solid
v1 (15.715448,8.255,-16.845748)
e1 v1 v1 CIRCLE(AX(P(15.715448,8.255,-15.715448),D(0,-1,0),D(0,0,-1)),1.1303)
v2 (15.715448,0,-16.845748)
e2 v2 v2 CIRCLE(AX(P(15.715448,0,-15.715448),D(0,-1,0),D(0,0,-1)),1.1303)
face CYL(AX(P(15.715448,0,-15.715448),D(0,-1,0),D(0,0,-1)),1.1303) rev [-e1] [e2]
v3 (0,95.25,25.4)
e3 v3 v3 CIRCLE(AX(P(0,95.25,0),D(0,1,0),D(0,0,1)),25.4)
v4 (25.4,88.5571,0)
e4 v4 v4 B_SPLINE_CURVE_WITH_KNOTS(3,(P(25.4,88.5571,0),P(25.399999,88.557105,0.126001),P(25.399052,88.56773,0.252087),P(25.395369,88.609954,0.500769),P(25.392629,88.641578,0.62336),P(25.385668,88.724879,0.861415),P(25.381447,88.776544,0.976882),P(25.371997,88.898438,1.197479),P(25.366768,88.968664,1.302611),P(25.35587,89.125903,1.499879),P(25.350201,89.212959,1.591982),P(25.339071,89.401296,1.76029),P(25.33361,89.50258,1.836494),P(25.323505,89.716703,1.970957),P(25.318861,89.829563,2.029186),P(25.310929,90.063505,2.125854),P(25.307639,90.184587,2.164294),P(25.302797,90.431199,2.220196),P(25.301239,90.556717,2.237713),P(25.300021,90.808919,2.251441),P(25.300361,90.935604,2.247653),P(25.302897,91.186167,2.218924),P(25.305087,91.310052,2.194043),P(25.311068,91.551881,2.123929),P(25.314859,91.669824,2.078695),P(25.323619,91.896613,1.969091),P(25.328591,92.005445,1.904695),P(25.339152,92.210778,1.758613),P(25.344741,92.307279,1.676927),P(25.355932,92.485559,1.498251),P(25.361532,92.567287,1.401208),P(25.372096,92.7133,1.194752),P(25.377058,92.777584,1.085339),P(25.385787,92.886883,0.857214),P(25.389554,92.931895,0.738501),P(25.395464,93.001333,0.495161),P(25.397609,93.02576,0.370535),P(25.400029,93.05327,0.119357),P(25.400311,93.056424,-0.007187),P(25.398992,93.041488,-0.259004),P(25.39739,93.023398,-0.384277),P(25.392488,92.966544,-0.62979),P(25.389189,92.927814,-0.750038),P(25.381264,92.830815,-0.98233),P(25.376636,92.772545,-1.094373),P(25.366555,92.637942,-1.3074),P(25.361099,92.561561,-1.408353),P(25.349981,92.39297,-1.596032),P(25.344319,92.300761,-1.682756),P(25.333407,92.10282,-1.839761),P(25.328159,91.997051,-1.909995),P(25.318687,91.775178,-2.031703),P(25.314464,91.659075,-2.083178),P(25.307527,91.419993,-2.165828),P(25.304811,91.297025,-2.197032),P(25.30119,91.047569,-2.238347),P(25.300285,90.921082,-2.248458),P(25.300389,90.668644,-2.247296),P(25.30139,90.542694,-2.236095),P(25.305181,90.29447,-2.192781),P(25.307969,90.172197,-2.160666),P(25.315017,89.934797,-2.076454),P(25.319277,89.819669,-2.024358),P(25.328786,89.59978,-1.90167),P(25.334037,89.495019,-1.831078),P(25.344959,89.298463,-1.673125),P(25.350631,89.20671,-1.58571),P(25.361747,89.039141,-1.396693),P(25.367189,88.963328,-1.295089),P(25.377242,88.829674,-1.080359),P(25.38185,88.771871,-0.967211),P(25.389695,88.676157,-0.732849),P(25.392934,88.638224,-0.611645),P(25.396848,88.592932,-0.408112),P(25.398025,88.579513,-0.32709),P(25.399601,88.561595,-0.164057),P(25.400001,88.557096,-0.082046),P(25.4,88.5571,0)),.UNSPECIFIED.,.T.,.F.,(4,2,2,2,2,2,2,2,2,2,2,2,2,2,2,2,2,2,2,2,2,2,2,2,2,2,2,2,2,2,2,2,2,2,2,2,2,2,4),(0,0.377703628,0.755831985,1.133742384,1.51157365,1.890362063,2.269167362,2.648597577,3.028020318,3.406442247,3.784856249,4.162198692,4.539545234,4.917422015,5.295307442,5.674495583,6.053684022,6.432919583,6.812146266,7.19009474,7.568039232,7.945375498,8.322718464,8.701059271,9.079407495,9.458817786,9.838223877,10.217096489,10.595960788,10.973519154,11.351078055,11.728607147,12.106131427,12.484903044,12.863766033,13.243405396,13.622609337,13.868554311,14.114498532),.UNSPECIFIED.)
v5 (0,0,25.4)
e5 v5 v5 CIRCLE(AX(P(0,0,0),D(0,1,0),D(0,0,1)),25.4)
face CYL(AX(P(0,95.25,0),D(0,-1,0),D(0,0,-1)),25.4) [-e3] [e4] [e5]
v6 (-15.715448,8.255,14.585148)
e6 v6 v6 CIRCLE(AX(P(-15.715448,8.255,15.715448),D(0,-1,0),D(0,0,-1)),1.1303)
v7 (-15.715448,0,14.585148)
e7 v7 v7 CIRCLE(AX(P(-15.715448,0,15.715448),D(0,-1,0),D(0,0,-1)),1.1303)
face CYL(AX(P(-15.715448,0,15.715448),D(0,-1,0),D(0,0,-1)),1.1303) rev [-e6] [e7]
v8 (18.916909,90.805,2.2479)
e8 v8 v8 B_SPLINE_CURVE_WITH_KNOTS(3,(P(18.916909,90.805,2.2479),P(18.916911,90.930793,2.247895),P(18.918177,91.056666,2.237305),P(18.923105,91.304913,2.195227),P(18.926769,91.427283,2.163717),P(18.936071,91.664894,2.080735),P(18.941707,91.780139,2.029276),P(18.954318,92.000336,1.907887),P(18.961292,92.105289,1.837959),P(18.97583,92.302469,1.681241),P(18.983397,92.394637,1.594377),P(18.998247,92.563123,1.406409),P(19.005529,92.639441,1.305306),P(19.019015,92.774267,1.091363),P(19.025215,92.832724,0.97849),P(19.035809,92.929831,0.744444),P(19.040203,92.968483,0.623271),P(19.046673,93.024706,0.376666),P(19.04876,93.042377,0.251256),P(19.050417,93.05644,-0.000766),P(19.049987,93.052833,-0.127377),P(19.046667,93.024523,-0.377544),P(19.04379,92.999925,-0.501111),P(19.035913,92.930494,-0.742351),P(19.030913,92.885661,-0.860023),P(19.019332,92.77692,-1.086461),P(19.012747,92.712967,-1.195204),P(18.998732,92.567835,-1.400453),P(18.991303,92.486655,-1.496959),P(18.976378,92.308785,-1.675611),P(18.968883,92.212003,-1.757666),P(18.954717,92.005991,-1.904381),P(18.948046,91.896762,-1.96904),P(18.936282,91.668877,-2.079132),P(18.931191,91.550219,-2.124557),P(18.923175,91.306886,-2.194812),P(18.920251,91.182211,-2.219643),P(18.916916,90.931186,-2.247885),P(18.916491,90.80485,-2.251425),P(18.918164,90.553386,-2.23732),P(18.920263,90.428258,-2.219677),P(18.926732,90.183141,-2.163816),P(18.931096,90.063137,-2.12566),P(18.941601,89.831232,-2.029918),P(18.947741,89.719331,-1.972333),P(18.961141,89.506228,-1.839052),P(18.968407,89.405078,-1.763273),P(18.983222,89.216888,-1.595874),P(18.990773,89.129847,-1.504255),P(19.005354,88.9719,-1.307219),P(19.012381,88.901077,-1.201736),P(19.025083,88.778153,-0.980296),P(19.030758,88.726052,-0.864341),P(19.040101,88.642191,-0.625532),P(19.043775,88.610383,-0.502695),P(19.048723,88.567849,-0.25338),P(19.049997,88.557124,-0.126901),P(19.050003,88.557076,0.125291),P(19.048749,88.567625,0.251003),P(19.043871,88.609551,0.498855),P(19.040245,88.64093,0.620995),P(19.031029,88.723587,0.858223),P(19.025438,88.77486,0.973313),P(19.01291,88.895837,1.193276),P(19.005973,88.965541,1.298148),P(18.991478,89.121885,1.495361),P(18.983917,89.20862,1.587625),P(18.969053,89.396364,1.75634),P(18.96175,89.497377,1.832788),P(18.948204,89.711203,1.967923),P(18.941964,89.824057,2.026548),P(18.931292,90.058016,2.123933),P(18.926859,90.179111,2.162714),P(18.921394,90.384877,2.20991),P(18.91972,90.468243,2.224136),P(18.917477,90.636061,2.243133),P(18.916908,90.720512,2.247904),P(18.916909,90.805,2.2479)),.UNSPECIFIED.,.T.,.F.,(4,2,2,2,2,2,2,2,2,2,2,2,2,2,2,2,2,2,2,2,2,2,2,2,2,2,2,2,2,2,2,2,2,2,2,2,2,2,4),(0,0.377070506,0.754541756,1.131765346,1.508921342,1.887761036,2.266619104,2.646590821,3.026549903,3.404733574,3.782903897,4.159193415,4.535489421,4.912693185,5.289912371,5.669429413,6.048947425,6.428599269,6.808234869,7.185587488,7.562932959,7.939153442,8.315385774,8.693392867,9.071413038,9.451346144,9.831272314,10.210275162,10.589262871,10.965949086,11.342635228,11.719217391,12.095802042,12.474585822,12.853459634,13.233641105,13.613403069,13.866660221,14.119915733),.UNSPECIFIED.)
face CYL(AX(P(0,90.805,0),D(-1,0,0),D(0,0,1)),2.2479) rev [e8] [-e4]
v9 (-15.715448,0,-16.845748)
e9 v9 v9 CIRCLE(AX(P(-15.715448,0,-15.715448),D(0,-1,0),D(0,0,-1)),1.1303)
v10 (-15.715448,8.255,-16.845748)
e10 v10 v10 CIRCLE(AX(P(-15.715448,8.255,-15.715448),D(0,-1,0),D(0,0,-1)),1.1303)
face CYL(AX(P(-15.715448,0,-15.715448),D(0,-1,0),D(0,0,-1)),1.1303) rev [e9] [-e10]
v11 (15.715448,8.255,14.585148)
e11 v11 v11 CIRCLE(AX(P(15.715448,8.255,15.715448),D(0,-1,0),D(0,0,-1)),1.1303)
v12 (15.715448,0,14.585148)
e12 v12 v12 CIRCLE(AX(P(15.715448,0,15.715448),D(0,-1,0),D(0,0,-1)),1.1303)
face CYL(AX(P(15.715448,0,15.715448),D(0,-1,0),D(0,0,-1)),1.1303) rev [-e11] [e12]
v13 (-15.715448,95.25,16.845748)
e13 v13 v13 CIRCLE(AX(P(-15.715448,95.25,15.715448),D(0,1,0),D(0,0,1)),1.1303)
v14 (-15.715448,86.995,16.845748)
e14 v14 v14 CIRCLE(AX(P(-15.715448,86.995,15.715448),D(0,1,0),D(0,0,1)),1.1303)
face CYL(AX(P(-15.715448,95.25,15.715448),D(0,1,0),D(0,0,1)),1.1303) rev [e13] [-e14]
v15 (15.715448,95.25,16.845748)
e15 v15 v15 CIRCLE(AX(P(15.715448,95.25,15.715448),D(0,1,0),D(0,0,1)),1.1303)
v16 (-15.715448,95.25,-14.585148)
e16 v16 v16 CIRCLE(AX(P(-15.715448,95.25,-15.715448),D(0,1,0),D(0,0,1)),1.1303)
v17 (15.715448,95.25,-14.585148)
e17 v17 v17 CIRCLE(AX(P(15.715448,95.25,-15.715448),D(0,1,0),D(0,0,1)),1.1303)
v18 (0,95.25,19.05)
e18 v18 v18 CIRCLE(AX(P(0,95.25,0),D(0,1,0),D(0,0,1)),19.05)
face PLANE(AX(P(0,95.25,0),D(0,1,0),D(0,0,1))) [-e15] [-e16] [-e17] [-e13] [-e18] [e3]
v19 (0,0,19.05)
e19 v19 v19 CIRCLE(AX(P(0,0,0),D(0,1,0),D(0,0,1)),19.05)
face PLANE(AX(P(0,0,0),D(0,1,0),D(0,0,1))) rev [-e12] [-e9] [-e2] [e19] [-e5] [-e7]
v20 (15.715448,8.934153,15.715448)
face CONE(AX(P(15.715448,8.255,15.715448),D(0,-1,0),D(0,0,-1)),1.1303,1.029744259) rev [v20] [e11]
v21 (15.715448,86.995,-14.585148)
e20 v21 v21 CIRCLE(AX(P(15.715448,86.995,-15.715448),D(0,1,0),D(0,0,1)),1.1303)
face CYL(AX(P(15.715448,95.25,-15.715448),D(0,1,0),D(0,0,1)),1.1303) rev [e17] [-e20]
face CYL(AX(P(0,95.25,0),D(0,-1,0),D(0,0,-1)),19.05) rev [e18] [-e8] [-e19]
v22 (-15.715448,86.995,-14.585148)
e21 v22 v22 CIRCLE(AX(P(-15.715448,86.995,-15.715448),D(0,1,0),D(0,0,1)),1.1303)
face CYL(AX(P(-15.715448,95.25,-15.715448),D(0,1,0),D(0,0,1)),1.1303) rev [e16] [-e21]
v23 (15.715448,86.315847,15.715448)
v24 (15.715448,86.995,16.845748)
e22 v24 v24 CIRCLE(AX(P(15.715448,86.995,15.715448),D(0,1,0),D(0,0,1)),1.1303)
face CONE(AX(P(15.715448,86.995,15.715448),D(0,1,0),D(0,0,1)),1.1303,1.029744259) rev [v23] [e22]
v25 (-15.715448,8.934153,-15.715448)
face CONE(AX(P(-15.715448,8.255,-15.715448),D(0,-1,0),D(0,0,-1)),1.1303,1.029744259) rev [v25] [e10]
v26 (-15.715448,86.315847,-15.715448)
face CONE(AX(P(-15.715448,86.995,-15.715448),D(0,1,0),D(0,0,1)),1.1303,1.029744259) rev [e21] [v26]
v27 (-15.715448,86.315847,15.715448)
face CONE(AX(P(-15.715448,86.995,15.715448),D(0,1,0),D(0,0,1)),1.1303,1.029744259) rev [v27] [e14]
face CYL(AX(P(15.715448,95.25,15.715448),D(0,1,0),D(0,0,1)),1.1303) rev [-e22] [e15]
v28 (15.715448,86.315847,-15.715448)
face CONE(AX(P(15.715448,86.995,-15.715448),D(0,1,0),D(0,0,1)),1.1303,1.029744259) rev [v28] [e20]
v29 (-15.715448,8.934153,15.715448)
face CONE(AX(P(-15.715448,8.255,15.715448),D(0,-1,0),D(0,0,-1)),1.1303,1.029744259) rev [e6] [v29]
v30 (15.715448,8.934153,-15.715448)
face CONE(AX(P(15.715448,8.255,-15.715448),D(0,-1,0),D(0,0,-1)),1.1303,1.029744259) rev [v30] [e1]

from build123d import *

# Parameters (mm, degrees)
SKETCH1_R                      = 25.4
SKETCH1_R_2                    = 19.05
BOSS_EXTRUDE1_DEPTH            = 95.25
F_4_40_TAPPED_HOLE1_AT_2_COUNT = 2
F_4_40_TAPPED_HOLE1_AT_2_PITCH = 31.430896424
F_4_40_TAPPED_HOLE1_AT_3_COUNT = 2
F_4_40_TAPPED_HOLE1_AT_3_PITCH = 44.45
F_4_40_TAPPED_HOLE1_AT_4_COUNT = 2
F_4_40_TAPPED_HOLE1_AT_4_PITCH = 31.430896424
F_4_40_TAPPED_HOLE1_AT_5_COUNT = 2
F_4_40_TAPPED_HOLE1_AT_5_PITCH = 22.225
SKETCH7_W                      = 2.2479
SKETCH7_H                      = 25.4


with BuildPart() as part:
    # Sketch1 → Boss-Extrude1 (new body)
    with BuildSketch(Plane(origin=(0, 0, 0), x_dir=(1, 0, 0), z_dir=(0, 1, 0))):
        Circle(SKETCH1_R)
        Circle(SKETCH1_R_2, mode=Mode.SUBTRACT)
    extrude(amount=BOSS_EXTRUDE1_DEPTH)

    # Sketch2 → #4-40 Tapped Hole1 (revolve, cut)
    with BuildSketch(Plane(origin=(-15.715448212, 0, -15.715448212), x_dir=(0, 0, -1), z_dir=(1, 0, 0))):
        Polygon((0, 0), (0, 8.934152758), (1.1303, 8.255), (1.1303, 0), align=None)
    f_4_40_tapped_hole1 = revolve(axis=Axis((-15.715448212, -6.35, -15.715448212), (0, 1, 0)), mode=Mode.SUBTRACT)

    # #4-40 Tapped Hole1 at 2: #4-40 Tapped Hole1 ×2
    with Locations(*[(0, 0, i * F_4_40_TAPPED_HOLE1_AT_2_PITCH) for i in range(1, F_4_40_TAPPED_HOLE1_AT_2_COUNT)]):
        add(f_4_40_tapped_hole1, mode=Mode.SUBTRACT)

    # #4-40 Tapped Hole1 at 3: #4-40 Tapped Hole1 ×2
    with Locations(*[Vector(0.707106781, 0, 0.707106781) * (i * F_4_40_TAPPED_HOLE1_AT_3_PITCH) for i in range(1, F_4_40_TAPPED_HOLE1_AT_3_COUNT)]):
        add(f_4_40_tapped_hole1, mode=Mode.SUBTRACT)

    # #4-40 Tapped Hole1 at 4: #4-40 Tapped Hole1 ×2
    with Locations(*[(i * F_4_40_TAPPED_HOLE1_AT_4_PITCH, 0, 0) for i in range(1, F_4_40_TAPPED_HOLE1_AT_4_COUNT)]):
        add(f_4_40_tapped_hole1, mode=Mode.SUBTRACT)

    # #4-40 Tapped Hole1 at 5: #4-40 Tapped Hole1 ×2
    with Locations(*[Vector(0.707106781, 0, 0.707106781) * (i * F_4_40_TAPPED_HOLE1_AT_5_PITCH) for i in range(1, F_4_40_TAPPED_HOLE1_AT_5_COUNT)]):
        add(f_4_40_tapped_hole1, mode=Mode.SUBTRACT)

    # Mirror1: #4-40 Tapped Hole1 across plane
    add(f_4_40_tapped_hole1.mirror(Plane(origin=(0, 47.625, 0), x_dir=(0, 0, 1), z_dir=(0, -1, 0))), mode=Mode.SUBTRACT)

    # Mirror1 copy 1 sketch → Mirror1 copy 1 (revolve, cut)
    with BuildSketch(Plane(origin=(-15.715448212, 95.25, 15.715448212), x_dir=(0, 0, -1), z_dir=(1, 0, 0))):
        Polygon((0, 0), (0, -8.934152758), (1.1303, -8.255), (1.1303, 0), align=None)
    revolve(axis=Axis((-15.715448212, 101.6, 15.715448212), (0, 1, 0)), mode=Mode.SUBTRACT)

    # Mirror1 copy 2 sketch → Mirror1 copy 2 (revolve, cut)
    with BuildSketch(Plane(origin=(15.715448212, 95.25, 15.715448212), x_dir=(0, 0, -1), z_dir=(1, 0, 0))):
        Polygon((0, 0), (0, -8.934152758), (1.1303, -8.255), (1.1303, 0), align=None)
    revolve(axis=Axis((15.715448212, 101.6, 15.715448212), (0, 1, 0)), mode=Mode.SUBTRACT)

    # Mirror1 copy 3 sketch → Mirror1 copy 3 (revolve, cut)
    with BuildSketch(Plane(origin=(15.715448212, 95.25, -15.715448212), x_dir=(0, 0, -1), z_dir=(1, 0, 0))):
        Polygon((0, 0), (0, -8.934152758), (1.1303, -8.255), (1.1303, 0), align=None)
    revolve(axis=Axis((15.715448212, 101.6, -15.715448212), (0, 1, 0)), mode=Mode.SUBTRACT)

    # Mirror1 copy 4 sketch → Mirror1 copy 4 (revolve, cut)
    with BuildSketch(Plane(origin=(0, 95.25, 0), x_dir=(0, 0, -1), z_dir=(1, 0, 0))):
        Polygon((0, 0), (0, -8.934152758), (1.1303, -8.255), (1.1303, 0), align=None)
    revolve(axis=Axis((0, 101.6, 0), (0, 1, 0)), mode=Mode.SUBTRACT)

    # Sketch7 → #8 Clearance Hole1 (revolve, cut)
    with BuildSketch(Plane.ZX.offset(90.805)):
        with Locations((1.12395, 12.7)):
            Rectangle(SKETCH7_W, SKETCH7_H)
    revolve(axis=Axis((-6.35, 90.805, 0), (1, 0, 0)), mode=Mode.SUBTRACT)


solid = part.part
